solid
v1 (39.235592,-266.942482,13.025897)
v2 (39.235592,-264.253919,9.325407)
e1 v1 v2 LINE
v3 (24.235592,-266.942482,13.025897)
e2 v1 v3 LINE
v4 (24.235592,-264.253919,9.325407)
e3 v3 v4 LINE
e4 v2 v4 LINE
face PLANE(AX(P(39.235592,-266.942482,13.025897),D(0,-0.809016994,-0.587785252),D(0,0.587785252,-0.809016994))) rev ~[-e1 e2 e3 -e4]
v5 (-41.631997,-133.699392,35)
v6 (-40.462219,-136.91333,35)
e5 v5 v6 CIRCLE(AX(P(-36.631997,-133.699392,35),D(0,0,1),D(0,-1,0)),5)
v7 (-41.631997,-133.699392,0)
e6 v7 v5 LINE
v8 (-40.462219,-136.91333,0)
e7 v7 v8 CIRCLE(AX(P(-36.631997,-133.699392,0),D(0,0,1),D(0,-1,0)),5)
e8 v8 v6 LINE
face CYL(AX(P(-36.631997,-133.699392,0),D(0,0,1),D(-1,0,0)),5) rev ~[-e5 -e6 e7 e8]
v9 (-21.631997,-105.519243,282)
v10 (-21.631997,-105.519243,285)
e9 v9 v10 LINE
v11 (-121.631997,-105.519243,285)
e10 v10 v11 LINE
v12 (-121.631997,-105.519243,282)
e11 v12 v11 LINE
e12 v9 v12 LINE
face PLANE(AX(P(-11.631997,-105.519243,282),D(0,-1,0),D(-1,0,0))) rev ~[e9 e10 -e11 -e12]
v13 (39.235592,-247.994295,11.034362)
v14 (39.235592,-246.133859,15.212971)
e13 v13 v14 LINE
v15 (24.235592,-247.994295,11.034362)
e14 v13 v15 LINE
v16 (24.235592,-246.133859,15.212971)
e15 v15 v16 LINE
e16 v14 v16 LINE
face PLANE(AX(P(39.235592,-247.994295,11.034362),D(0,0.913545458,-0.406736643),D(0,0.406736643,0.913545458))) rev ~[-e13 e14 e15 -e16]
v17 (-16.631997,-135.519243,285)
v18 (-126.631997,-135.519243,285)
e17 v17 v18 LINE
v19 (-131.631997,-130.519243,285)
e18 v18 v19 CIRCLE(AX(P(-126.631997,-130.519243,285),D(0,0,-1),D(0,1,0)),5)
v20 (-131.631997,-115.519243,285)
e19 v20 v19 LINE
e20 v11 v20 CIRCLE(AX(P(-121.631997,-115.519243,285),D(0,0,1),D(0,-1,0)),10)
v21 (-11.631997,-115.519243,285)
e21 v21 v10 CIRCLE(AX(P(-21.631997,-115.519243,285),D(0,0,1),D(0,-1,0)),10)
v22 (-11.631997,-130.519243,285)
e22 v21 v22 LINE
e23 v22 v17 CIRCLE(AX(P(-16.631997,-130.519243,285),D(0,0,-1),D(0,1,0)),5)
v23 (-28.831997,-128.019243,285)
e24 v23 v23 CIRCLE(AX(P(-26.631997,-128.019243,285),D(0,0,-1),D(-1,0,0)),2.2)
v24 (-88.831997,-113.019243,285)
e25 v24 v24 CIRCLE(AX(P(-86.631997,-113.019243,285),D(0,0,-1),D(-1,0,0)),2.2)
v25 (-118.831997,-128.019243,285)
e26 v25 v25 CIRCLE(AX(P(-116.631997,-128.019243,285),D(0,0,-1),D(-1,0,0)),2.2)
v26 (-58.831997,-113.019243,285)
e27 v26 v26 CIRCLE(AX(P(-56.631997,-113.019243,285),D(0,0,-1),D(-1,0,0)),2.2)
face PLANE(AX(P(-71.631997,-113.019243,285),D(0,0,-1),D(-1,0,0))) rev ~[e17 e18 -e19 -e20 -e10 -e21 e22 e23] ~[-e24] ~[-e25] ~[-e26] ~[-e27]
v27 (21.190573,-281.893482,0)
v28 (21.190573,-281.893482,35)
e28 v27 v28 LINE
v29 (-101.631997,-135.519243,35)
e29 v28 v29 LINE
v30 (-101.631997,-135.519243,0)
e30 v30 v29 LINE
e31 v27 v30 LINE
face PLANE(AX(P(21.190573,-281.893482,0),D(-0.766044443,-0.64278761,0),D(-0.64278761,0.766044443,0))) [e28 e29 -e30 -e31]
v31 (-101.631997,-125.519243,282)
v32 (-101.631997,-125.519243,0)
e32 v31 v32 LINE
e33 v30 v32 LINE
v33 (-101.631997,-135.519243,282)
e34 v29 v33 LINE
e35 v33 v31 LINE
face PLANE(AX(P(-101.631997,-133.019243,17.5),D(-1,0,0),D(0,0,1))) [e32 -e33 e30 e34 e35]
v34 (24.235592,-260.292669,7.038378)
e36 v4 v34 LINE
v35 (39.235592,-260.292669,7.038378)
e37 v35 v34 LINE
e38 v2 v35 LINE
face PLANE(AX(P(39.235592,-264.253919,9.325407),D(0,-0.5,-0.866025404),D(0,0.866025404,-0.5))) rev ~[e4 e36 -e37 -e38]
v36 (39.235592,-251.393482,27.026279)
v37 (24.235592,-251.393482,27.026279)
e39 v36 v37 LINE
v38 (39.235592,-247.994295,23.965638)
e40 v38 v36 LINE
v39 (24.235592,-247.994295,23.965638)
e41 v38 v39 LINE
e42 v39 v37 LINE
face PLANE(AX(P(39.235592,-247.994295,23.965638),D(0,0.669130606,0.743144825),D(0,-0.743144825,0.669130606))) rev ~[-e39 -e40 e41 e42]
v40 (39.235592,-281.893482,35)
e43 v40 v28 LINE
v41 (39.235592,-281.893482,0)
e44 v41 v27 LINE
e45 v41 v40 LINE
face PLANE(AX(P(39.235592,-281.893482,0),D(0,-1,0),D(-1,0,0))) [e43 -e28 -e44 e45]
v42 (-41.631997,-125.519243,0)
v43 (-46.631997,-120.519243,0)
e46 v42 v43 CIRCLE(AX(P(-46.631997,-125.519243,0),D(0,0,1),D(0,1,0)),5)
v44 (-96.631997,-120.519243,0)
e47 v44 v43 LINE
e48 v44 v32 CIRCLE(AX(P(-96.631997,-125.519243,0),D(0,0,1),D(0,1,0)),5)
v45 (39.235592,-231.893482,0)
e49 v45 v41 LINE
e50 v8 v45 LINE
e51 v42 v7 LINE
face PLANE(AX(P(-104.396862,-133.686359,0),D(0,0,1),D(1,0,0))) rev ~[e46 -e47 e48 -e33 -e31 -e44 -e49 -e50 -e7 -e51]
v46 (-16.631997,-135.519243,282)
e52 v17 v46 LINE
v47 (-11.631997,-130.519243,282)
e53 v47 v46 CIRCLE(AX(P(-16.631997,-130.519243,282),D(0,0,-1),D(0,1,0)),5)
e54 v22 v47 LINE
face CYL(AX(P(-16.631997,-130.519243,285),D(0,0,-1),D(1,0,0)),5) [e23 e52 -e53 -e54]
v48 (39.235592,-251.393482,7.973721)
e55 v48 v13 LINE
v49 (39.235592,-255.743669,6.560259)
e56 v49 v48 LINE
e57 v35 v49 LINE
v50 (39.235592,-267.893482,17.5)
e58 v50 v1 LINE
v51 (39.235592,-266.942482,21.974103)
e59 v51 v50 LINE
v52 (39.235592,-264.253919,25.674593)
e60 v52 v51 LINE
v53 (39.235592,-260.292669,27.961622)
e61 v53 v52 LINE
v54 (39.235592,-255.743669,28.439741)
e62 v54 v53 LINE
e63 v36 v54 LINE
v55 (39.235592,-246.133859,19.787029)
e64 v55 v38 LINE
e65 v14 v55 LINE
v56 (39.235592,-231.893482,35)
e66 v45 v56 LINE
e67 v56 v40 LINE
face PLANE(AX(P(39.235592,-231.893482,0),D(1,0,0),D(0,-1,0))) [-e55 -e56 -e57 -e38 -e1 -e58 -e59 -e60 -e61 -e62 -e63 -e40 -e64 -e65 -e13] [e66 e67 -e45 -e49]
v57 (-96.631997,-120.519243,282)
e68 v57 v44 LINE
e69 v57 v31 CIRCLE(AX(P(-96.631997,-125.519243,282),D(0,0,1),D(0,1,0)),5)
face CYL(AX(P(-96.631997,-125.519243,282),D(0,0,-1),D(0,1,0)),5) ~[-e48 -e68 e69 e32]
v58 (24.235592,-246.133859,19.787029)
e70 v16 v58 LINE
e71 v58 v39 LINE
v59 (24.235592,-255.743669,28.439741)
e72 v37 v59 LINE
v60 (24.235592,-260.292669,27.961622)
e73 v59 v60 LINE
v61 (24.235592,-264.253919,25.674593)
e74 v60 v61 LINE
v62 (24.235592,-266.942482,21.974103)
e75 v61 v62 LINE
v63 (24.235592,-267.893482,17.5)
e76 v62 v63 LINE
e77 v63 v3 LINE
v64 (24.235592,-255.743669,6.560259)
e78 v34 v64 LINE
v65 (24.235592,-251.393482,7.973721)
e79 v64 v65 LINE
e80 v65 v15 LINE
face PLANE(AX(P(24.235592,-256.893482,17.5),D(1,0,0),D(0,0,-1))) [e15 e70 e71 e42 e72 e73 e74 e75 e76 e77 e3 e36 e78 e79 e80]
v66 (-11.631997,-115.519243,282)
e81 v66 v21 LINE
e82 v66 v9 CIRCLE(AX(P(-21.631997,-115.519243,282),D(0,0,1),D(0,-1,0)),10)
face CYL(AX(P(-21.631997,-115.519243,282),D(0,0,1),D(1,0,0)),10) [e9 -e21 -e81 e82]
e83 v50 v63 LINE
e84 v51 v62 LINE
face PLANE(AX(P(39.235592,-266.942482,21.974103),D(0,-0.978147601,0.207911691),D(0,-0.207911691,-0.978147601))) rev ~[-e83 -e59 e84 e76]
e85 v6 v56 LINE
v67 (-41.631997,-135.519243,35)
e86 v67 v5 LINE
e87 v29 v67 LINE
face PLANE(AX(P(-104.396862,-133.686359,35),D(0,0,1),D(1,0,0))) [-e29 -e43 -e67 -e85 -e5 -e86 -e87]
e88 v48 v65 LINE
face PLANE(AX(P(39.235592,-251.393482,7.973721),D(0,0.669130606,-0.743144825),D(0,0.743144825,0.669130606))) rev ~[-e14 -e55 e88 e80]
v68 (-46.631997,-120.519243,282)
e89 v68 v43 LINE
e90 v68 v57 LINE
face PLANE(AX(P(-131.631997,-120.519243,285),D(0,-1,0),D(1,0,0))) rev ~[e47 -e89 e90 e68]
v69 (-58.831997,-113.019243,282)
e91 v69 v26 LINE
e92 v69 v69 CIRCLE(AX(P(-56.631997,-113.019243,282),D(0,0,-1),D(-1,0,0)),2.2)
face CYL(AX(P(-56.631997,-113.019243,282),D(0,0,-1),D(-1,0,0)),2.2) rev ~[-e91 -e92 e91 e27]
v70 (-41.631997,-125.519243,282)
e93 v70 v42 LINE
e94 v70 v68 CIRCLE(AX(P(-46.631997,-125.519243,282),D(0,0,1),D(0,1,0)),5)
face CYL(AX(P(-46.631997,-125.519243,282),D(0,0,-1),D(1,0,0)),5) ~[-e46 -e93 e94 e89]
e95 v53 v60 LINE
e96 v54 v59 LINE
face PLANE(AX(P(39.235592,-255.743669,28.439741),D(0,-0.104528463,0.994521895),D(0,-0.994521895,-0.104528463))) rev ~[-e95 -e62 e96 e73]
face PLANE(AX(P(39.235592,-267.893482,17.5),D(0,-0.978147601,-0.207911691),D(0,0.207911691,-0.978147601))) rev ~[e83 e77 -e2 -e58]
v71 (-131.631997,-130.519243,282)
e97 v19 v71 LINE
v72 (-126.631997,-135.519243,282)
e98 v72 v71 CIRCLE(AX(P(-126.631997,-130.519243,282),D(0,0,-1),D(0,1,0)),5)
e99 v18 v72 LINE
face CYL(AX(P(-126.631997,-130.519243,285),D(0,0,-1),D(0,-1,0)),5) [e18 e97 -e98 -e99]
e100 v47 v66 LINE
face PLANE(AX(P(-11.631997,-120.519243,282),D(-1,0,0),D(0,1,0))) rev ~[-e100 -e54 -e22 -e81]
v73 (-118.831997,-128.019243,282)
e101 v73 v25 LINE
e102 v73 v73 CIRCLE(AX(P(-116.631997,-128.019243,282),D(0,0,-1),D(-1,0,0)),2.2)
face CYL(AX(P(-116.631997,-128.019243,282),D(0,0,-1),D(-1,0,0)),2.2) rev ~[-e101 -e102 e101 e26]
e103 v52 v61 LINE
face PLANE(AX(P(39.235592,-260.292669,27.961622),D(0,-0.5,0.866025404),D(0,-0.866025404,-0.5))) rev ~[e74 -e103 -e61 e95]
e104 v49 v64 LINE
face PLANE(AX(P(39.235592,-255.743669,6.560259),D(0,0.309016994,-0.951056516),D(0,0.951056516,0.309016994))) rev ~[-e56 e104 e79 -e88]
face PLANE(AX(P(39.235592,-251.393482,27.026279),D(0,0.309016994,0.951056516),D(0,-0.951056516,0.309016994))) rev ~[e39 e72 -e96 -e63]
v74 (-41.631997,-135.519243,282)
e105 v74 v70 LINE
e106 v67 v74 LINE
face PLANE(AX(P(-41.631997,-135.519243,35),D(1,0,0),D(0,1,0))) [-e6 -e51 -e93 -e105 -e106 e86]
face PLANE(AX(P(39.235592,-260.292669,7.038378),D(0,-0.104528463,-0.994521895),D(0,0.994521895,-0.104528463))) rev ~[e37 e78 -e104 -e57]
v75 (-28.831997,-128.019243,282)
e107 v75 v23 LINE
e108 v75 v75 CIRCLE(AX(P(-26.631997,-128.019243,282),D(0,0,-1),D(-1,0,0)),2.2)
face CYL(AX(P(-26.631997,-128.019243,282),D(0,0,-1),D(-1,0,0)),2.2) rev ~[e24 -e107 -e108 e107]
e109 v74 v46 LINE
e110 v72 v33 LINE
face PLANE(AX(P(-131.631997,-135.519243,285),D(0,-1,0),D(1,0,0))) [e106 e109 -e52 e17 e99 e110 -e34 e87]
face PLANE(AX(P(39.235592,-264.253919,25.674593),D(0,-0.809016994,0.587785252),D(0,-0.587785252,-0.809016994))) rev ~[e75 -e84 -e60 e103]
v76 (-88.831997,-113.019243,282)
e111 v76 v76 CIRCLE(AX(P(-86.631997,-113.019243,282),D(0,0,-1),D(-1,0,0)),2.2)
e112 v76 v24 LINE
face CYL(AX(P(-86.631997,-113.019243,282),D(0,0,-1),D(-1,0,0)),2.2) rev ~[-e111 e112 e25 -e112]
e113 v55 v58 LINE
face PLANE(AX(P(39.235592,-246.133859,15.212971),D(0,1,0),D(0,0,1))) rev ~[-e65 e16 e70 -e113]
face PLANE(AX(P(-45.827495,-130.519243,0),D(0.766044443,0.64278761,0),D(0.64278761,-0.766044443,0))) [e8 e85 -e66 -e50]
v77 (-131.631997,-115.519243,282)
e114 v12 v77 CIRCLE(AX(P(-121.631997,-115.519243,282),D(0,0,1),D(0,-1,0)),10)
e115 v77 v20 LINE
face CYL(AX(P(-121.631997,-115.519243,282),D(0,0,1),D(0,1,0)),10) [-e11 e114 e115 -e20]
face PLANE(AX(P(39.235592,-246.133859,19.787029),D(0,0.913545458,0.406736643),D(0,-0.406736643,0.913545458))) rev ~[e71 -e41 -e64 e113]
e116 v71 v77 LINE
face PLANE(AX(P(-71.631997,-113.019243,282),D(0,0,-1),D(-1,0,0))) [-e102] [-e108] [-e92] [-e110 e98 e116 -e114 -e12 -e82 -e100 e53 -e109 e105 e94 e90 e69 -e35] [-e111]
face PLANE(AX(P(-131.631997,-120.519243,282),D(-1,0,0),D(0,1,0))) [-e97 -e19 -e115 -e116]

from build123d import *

# Parameters (mm, degrees)
BOSS_EXTRUDE1_DEPTH      = 35
CUT_EXTRUDE1_DEPTH       = 15
SKETCH3_W                = 40
SKETCH3_H                = 35
SKETCH3_W_2              = 20
BOSS_EXTRUDE2_DEPTH      = 5
BOSS_EXTRUDE3_DEPTH      = 35
SKETCH5_R                = 2.15
CUT_EXTRUDE2_DEPTH       = 10
SKETCH6_W                = 60
SKETCH6_H                = 15
BOSS_EXTRUDE4_DEPTH      = 250
BOSS_EXTRUDE4_DEPTH_BACK = 35
SKETCH7_W                = 35
SKETCH7_H                = 5
CUT_EXTRUDE3_DEPTH       = 35
SKETCH8_W                = 35
SKETCH8_H                = 5
CUT_EXTRUDE4_DEPTH       = 50
SKETCH9_W                = 30
SKETCH9_H                = 15
BOSS_EXTRUDE5_DEPTH      = 3
SKETCH10_R               = 2.2
CUT_EXTRUDE5_DEPTH       = 5
FILLET1_R                = 5
FILLET3_R                = 5
FILLET4_R                = 5
SKETCH12_W               = 120
SKETCH12_H               = 15
BOSS_EXTRUDE6_DEPTH      = 3
SKETCH13_R               = 2.2
CUT_EXTRUDE6_DEPTH       = 5
FILLET5_R                = 10
FILLET7_R                = 5


with BuildPart() as part:
    # Sketch1 → Boss-Extrude1 (new body)
    with BuildSketch(Plane.XY):
        Polygon((39.235591649, -281.893482393), (21.190573208, -281.893482393), (-105.827495151, -130.519243102), (-45.827495151, -130.519243102), (39.235591649, -231.893482393), align=None)
    extrude(amount=BOSS_EXTRUDE1_DEPTH)

    # Sketch2 → Cut-Extrude1 (cut)
    with BuildSketch(Plane(origin=(39.235591649, 0, 0), x_dir=(0, 0, -1), z_dir=(1, 0, 0))):
        Polygon((-19.787028599, -246.133858785), (-23.965637775, -247.994295455), (-27.026279442, -251.393482393), (-28.439740849, -255.743669297), (-27.961621679, -260.292669331), (-25.67459308, -264.253919063), (-21.974103074, -266.942482427), (-17.5, -267.893482393), (-13.025896926, -266.942482427), (-9.32540692, -264.253919063), (-7.038378321, -260.292669331), (-6.560259151, -255.743669297), (-7.973720558, -251.393482393), (-11.034362225, -247.994295455), (-15.212971401, -246.133858785), align=None)
    extrude(amount=-CUT_EXTRUDE1_DEPTH, mode=Mode.SUBTRACT)

    # Sketch3 → Boss-Extrude2 (add)
    with BuildSketch(Plane(origin=(0, -130.519243102, 0), x_dir=(1, 0, 0), z_dir=(0, 1, 0))):
        with Locations((-25.827495151, -17.5)):
            Rectangle(SKETCH3_W, SKETCH3_H)
        with Locations((-115.827495151, -17.5)):
            Rectangle(SKETCH3_W_2, SKETCH3_H)
    extrude(amount=-BOSS_EXTRUDE2_DEPTH)

    # Sketch4 → Boss-Extrude3 (add)
    with BuildSketch(Plane(origin=(0, 0, 0), x_dir=(-1, 0, 0), z_dir=(0, 0, -1))):
        Polygon((105.827495151, -130.519243102), (105.827495151, -135.519243102), (101.631996995, -135.519243102), align=None)
    extrude(amount=-BOSS_EXTRUDE3_DEPTH)

    # Sketch5 → Cut-Extrude2 (cut)
    with BuildSketch(Plane.XZ.offset(135.519243102)):
        with Locations((-23.729746073, 17.5)):
            Circle(SKETCH5_R)
        with Locations((-113.729746073, 17.5)):
            Circle(SKETCH5_R)
    extrude(amount=-CUT_EXTRUDE2_DEPTH, mode=Mode.SUBTRACT)

    # Sketch6 → Boss-Extrude4 (add, two sides)
    with BuildSketch(Plane.XY.offset(35)) as boss_extrude4_sk:
        with Locations((-71.631996995, -128.019243102)):
            Rectangle(SKETCH6_W, SKETCH6_H)
    extrude(amount=BOSS_EXTRUDE4_DEPTH)
    extrude(boss_extrude4_sk.sketch, amount=-BOSS_EXTRUDE4_DEPTH_BACK)

    # Sketch7 → Cut-Extrude3 (cut)
    with BuildSketch(Plane.ZY.offset(101.631996995)):
        with Locations((17.5, -133.019243102)):
            Rectangle(SKETCH7_W, SKETCH7_H)
    extrude(amount=CUT_EXTRUDE3_DEPTH, mode=Mode.SUBTRACT)

    # Sketch8 → Cut-Extrude4 (cut)
    with BuildSketch(Plane(origin=(-41.631996995, 0, 0), x_dir=(0, 0, -1), z_dir=(1, 0, 0))):
        with Locations((-17.5, -133.019243102)):
            Rectangle(SKETCH8_W, SKETCH8_H)
    extrude(amount=CUT_EXTRUDE4_DEPTH, mode=Mode.SUBTRACT)

    # Sketch9 → Boss-Extrude5 (add)
    with BuildSketch(Plane.XY.offset(285)):
        with Locations((-116.631996995, -128.019243102)):
            Rectangle(SKETCH9_W, SKETCH9_H)
        with Locations((-26.631996995, -128.019243102)):
            Rectangle(SKETCH9_W, SKETCH9_H)
    extrude(amount=-BOSS_EXTRUDE5_DEPTH)

    # Sketch10 → Cut-Extrude5 (cut)
    with BuildSketch(Plane(origin=(0, 0, 282), x_dir=(-1, 0, 0), z_dir=(0, 0, -1))):
        with Locations((26.631996995, -128.019243102)):
            Circle(SKETCH10_R)
        with Locations((116.631996995, -128.019243102)):
            Circle(SKETCH10_R)
    extrude(amount=-CUT_EXTRUDE5_DEPTH, mode=Mode.SUBTRACT)

    # Fillet1
    fillet1_edges = [part.edges().sort_by_distance(p)[0] for p in [
        (-41.631996995, -135.519243102, 17.5),
    ]]
    fillet(fillet1_edges, radius=FILLET1_R)

    # Fillet3
    fillet3_edges = [part.edges().sort_by_distance(p)[0] for p in [
        (-41.631996995, -120.519243102, 141),
    ]]
    fillet(fillet3_edges, radius=FILLET3_R)

    # Fillet4
    fillet4_edges = [part.edges().sort_by_distance(p)[0] for p in [
        (-101.631996995, -120.519243102, 141),
    ]]
    fillet(fillet4_edges, radius=FILLET4_R)

    # Sketch12 → Boss-Extrude6 (add)
    with BuildSketch(Plane(origin=(0, 0, 282), x_dir=(-1, 0, 0), z_dir=(0, 0, -1))):
        with Locations((71.631996995, -113.019243102)):
            Rectangle(SKETCH12_W, SKETCH12_H)
    extrude(amount=-BOSS_EXTRUDE6_DEPTH)

    # Sketch13 → Cut-Extrude6 (cut)
    with BuildSketch(Plane(origin=(0, 0, 282), x_dir=(-1, 0, 0), z_dir=(0, 0, -1))):
        with Locations((56.631996995, -113.019243102)):
            Circle(SKETCH13_R)
        with Locations((86.631996995, -113.019243102)):
            Circle(SKETCH13_R)
    extrude(amount=-CUT_EXTRUDE6_DEPTH, mode=Mode.SUBTRACT)

    # Fillet5
    fillet5_edges = [part.edges().sort_by_distance(p)[0] for p in [
        (-11.631996995, -105.519243102, 283.5),
        (-131.631996995, -105.519243102, 283.5),
    ]]
    fillet(fillet5_edges, radius=FILLET5_R)

    # Fillet7
    fillet7_edges = [part.edges().sort_by_distance(p)[0] for p in [
        (-131.631996995, -135.519243102, 283.5),
        (-11.631996995, -135.519243102, 283.5),
    ]]
    fillet(fillet7_edges, radius=FILLET7_R)


solid = part.part
